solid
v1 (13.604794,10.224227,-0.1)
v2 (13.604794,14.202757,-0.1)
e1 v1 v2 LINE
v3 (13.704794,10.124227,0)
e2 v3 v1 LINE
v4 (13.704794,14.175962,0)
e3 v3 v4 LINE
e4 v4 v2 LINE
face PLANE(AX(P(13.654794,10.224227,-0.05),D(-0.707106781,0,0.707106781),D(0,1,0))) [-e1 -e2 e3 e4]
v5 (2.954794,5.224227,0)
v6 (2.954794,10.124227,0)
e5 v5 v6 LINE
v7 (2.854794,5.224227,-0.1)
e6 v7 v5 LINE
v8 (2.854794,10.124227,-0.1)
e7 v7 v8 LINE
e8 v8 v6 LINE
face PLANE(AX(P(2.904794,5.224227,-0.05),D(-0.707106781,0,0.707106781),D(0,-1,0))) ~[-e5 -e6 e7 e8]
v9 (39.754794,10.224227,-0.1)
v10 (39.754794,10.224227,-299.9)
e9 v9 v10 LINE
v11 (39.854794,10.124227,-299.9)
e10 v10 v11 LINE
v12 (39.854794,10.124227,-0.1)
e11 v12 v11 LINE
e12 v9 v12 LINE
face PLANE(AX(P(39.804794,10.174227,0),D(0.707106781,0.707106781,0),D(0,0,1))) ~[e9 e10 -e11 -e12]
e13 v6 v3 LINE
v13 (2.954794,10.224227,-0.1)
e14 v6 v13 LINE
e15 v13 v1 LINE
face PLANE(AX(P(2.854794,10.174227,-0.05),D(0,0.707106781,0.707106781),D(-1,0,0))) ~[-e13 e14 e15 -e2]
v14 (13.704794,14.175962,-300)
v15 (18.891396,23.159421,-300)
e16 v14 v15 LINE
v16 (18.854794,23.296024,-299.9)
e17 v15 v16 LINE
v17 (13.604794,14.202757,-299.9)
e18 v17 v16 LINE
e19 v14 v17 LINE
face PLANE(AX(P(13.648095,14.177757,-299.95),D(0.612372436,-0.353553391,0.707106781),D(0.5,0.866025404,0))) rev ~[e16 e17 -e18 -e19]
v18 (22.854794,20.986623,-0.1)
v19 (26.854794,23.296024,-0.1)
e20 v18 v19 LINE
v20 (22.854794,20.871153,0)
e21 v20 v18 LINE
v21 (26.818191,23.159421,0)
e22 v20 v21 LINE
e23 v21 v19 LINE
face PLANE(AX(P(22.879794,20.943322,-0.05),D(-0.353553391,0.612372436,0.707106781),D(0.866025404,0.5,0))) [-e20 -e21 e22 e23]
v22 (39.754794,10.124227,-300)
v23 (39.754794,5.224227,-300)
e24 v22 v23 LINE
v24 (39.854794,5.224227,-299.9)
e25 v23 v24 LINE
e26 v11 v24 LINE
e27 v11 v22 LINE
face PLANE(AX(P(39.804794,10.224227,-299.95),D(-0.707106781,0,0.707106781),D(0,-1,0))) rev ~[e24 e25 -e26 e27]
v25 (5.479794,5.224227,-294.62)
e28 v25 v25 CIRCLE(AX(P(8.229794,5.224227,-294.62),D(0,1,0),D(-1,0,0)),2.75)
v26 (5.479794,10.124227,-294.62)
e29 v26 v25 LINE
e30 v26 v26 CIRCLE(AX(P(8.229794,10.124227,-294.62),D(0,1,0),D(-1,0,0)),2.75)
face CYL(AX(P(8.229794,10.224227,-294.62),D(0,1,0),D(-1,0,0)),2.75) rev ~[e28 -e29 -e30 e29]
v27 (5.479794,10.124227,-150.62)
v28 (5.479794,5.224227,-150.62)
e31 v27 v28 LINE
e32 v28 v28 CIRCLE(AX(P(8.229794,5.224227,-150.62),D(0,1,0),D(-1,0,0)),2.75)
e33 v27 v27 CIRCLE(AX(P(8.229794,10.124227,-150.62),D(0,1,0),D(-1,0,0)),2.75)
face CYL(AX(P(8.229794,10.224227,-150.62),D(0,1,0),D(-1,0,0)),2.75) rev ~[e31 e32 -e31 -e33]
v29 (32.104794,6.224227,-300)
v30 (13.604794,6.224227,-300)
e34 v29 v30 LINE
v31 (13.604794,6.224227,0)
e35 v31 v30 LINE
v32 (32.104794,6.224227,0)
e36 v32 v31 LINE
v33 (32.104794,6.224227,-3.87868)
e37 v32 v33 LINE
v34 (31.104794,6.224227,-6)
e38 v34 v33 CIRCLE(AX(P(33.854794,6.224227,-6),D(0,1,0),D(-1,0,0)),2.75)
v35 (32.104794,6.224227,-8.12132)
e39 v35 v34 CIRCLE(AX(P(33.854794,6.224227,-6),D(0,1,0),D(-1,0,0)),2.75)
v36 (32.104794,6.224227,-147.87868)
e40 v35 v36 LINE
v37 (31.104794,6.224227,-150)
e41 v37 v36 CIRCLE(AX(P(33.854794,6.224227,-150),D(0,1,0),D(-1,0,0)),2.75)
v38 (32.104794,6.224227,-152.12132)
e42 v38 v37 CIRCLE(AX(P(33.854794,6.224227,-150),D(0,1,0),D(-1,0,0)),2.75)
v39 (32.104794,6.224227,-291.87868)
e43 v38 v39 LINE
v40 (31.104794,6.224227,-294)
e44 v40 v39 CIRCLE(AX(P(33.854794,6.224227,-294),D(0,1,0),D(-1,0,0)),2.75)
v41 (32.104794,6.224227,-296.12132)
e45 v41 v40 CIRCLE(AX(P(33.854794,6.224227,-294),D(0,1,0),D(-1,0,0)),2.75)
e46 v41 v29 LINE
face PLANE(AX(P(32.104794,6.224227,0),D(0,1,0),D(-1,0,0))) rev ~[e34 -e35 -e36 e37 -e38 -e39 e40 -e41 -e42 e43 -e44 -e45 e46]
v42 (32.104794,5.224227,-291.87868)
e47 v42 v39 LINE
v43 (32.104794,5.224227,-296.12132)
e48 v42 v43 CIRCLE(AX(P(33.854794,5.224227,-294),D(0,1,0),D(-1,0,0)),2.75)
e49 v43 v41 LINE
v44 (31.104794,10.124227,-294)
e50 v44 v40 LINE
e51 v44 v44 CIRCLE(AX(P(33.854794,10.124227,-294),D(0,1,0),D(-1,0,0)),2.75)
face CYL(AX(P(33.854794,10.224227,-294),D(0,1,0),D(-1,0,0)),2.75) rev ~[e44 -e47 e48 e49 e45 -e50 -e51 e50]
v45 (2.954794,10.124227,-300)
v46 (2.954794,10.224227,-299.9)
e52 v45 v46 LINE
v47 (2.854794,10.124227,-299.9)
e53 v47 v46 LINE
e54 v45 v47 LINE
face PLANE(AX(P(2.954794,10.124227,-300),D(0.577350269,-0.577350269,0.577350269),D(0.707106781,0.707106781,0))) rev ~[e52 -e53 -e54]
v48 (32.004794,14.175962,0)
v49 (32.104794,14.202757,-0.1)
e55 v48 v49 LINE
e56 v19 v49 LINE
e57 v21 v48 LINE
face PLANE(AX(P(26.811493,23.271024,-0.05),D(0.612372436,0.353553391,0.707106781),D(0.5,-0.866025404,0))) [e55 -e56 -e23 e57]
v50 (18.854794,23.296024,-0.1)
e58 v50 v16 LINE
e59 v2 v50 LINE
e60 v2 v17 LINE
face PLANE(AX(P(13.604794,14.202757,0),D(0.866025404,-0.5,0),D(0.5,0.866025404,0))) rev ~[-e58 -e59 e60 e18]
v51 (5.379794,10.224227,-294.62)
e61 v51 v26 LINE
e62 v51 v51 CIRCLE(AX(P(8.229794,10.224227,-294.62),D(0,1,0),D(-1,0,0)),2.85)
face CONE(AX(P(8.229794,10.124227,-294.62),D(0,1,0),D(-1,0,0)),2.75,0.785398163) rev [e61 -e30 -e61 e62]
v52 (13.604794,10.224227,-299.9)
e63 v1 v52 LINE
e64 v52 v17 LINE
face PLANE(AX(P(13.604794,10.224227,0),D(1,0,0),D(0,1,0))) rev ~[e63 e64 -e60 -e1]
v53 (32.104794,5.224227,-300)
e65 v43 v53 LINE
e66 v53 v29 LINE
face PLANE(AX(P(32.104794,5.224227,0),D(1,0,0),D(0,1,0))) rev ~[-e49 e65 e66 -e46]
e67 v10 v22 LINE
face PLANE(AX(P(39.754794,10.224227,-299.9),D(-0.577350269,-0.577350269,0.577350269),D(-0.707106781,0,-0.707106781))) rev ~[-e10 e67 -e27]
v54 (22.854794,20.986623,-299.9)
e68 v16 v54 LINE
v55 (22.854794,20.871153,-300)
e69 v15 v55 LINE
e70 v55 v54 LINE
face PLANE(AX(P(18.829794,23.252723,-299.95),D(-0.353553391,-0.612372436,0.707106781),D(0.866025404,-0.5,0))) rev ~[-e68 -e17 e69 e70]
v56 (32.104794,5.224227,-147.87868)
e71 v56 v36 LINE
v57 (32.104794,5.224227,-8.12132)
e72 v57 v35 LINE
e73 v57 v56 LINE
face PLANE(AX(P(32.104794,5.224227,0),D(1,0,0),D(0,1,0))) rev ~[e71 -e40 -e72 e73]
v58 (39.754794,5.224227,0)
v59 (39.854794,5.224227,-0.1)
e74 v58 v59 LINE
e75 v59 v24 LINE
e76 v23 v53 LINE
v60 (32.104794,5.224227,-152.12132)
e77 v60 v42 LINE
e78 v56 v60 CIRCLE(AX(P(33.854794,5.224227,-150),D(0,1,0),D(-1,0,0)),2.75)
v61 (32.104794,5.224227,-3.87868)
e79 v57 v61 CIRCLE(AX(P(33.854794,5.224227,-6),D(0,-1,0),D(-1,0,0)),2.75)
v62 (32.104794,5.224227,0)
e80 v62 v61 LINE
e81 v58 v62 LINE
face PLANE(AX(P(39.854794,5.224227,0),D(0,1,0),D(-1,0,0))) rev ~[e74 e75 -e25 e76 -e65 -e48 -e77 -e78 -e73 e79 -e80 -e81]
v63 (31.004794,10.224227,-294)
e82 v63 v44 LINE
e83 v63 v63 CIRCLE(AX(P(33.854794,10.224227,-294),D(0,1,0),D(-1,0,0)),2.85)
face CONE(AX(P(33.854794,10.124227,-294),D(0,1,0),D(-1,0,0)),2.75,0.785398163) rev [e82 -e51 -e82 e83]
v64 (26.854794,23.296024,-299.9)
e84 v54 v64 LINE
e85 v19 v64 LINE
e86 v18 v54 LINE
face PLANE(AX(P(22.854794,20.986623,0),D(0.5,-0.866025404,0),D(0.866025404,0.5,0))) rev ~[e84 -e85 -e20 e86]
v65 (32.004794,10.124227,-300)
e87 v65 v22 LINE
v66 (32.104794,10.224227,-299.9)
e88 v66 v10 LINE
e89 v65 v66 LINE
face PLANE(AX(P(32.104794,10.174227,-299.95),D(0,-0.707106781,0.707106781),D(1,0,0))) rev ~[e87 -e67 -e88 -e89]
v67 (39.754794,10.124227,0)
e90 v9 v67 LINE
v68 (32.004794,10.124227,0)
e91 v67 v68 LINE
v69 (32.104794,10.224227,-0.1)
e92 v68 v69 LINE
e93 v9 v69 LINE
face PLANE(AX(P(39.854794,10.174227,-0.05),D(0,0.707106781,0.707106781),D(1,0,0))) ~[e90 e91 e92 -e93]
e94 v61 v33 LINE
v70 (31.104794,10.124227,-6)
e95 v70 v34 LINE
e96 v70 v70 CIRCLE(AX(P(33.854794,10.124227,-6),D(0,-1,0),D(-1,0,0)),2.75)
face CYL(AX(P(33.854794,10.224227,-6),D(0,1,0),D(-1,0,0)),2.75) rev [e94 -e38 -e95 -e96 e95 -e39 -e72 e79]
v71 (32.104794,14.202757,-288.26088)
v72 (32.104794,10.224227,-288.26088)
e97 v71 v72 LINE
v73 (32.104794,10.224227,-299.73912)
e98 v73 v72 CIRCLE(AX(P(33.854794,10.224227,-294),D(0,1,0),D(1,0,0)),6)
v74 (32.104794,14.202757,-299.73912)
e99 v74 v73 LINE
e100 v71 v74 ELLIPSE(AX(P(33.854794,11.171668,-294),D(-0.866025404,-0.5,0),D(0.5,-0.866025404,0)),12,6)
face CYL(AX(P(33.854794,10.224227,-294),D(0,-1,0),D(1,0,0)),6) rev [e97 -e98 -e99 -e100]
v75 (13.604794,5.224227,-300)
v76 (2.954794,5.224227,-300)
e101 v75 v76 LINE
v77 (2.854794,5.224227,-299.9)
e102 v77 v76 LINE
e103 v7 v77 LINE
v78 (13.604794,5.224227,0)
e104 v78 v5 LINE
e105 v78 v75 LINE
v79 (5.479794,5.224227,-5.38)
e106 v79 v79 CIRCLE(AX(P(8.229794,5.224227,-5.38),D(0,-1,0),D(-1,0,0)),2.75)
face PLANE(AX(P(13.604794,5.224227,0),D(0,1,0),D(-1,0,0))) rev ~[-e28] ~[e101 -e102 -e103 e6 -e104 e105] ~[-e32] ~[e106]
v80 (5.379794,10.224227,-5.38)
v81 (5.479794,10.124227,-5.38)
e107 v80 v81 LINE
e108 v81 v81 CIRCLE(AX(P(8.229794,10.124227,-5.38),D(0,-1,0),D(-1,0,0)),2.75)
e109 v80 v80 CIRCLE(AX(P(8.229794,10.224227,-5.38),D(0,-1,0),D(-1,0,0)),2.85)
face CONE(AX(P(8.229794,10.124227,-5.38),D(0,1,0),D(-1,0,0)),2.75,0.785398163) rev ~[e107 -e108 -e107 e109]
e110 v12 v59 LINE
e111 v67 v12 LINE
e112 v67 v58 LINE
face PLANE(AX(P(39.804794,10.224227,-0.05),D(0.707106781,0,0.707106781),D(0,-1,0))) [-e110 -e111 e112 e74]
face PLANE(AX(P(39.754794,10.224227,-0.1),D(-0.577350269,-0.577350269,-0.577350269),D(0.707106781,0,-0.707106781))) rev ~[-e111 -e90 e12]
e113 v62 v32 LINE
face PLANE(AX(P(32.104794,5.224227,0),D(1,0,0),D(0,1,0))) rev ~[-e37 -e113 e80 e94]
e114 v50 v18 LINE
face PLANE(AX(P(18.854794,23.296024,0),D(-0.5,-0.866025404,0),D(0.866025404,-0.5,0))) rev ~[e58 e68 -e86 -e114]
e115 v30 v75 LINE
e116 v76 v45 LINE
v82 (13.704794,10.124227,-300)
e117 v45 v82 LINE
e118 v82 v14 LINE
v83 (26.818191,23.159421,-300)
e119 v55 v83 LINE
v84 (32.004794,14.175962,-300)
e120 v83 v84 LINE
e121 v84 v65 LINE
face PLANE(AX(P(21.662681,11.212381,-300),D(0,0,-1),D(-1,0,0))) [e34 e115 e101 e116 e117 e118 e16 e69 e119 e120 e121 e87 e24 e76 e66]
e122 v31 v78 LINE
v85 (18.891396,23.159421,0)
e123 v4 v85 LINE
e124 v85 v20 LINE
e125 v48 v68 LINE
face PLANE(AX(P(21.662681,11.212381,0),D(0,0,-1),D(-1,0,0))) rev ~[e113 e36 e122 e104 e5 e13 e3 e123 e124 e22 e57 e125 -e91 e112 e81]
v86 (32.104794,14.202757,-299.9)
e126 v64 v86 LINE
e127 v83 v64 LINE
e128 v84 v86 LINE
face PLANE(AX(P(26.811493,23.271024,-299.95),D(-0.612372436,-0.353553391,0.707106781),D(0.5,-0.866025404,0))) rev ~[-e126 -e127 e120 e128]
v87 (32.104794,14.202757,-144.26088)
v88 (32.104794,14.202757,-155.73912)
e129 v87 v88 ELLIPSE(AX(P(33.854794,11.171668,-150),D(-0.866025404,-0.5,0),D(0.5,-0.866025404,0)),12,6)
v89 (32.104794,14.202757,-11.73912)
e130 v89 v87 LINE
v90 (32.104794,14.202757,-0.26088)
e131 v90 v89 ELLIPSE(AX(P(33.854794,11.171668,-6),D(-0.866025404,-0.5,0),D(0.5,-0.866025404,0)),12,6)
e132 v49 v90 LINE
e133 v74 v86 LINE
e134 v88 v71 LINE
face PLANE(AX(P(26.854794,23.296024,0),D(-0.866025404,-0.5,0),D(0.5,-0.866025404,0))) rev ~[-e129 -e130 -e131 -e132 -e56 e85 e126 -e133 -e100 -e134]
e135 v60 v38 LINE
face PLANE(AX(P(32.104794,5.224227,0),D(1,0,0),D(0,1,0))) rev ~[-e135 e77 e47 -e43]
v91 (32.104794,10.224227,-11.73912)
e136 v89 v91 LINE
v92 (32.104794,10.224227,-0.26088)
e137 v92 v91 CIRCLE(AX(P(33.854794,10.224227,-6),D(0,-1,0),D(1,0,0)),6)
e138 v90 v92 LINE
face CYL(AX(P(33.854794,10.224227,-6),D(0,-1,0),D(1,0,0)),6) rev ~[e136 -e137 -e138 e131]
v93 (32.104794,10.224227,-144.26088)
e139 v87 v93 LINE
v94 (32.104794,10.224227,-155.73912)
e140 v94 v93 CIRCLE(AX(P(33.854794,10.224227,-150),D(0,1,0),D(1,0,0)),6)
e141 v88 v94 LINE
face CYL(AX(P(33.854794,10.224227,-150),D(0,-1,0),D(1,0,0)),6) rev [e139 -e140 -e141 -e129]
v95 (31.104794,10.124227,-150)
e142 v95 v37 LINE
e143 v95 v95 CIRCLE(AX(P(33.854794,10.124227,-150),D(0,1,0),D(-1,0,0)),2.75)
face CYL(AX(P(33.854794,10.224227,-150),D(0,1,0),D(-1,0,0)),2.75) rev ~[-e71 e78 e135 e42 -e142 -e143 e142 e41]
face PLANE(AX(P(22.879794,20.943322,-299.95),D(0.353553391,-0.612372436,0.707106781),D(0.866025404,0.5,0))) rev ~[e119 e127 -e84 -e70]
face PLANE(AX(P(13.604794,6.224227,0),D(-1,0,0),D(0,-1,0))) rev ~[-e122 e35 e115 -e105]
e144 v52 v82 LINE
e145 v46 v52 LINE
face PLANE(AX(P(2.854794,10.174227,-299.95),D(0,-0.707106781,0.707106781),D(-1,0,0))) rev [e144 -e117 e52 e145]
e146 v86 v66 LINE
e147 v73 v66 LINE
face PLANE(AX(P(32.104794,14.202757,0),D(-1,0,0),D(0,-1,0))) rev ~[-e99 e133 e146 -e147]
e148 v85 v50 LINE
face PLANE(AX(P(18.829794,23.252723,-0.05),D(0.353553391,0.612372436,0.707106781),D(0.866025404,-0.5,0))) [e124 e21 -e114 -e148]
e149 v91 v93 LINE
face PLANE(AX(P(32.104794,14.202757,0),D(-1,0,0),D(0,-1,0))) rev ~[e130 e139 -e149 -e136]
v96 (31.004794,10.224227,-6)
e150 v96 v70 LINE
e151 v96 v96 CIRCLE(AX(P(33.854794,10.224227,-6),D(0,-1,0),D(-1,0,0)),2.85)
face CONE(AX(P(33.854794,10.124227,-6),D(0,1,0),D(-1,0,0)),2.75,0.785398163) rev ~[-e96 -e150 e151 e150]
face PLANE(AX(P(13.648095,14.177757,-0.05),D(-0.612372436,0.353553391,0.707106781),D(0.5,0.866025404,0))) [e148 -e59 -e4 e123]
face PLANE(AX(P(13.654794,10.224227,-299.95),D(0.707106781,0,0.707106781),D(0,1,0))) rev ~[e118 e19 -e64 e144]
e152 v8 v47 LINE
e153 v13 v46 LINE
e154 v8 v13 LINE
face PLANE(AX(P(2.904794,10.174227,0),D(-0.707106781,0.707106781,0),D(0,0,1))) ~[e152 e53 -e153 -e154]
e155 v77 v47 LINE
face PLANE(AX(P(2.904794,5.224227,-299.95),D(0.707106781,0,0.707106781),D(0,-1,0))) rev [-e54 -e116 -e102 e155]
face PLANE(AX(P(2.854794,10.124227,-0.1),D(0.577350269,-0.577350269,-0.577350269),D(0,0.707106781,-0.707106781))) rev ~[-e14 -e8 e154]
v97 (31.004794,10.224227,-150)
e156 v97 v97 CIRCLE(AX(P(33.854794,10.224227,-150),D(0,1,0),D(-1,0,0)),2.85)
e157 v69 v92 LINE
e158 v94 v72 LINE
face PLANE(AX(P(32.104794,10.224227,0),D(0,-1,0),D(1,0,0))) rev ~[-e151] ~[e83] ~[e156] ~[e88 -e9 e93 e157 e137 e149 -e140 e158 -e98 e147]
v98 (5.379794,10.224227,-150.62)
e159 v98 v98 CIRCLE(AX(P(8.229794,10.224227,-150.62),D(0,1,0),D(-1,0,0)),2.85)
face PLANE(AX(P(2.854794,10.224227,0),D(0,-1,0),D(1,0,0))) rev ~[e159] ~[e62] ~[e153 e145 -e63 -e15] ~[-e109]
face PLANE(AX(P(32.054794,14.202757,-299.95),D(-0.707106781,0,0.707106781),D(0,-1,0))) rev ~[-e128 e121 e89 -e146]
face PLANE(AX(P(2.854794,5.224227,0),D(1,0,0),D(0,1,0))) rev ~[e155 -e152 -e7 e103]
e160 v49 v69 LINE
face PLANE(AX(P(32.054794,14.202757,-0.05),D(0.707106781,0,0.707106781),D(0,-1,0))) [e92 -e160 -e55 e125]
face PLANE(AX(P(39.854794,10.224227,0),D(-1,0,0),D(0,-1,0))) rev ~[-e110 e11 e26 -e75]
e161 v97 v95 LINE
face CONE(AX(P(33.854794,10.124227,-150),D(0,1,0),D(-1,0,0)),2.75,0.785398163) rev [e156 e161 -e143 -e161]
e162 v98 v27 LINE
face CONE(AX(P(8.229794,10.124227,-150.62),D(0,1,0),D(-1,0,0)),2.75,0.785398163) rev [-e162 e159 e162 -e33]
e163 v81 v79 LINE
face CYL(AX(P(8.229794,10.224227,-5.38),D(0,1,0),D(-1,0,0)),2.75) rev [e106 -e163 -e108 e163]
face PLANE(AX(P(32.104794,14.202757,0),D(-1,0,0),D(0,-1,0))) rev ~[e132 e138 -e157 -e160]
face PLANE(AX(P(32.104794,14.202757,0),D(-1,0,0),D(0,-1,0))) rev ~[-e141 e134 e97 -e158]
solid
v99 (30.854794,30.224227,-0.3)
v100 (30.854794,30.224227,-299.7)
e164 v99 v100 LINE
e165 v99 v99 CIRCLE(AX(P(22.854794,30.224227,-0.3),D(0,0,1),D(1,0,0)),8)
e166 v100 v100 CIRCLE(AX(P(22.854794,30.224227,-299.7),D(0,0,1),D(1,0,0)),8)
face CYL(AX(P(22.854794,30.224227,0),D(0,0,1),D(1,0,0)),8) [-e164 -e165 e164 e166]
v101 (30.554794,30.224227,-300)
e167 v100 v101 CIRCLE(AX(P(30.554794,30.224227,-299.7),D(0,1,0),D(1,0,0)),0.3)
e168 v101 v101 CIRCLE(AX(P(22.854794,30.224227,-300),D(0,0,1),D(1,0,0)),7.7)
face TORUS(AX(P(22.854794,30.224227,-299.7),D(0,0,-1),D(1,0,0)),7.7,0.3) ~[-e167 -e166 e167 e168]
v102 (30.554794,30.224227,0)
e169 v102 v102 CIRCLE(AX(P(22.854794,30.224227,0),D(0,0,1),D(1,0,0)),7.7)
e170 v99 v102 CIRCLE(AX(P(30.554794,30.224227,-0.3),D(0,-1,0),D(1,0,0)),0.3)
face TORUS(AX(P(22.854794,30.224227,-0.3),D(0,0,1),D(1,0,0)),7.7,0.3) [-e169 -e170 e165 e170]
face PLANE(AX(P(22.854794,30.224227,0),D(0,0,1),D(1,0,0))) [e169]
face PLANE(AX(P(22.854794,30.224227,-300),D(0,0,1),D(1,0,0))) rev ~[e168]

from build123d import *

# Parameters (mm, degrees)
SKETCH1_R           = 8
BOSS_EXTRUDE1_DEPTH = 300
BOSS_EXTRUDE3_DEPTH = 300
FILLET1_R           = 0.3
SKETCH2_R           = 6
CUT_EXTRUDE1_DEPTH  = 12
SKETCH5_R           = 2.75
CUT_EXTRUDE2_DEPTH  = 5
SKETCH9_R           = 2.75
CUT_EXTRUDE3_DEPTH  = 5
LPATTERN1_COUNT     = 2
LPATTERN1_PITCH     = 144
LPATTERN2_COUNT     = 2
LPATTERN2_PITCH     = 144
CHAMFER1_SIZE       = 0.1


with BuildPart() as part:
    # Sketch1 → Boss-Extrude1 (new body)
    with BuildSketch(Plane.XY):
        with Locations((22.854793834, 30.224227114)):
            Circle(SKETCH1_R)
    extrude(amount=-BOSS_EXTRUDE1_DEPTH)

    # Fillet1
    fillet1_edges = [part.edges().sort_by_distance(p)[0] for p in [
        (14.854793834, 30.224227114, -300),
        (14.854793834, 30.224227114, 0),
    ]]
    fillet(fillet1_edges, radius=FILLET1_R)


with BuildPart() as body_2:
    # Sketch1<5> → Boss-Extrude3 (new body)
    with BuildSketch(Plane.XY):
        Polygon((2.854793834, 5.224227114), (2.854793834, 10.224227114), (13.604793834, 10.224227114), (13.604793834, 14.202757144), (18.854793834, 23.296023883), (22.854793834, 20.986622807), (26.854793834, 23.296023883), (32.104793834, 14.202757144), (32.104793834, 10.224227114), (39.854793834, 10.224227114), (39.854793834, 5.224227114), (32.104793834, 5.224227114), (32.104793834, 6.224227114), (13.604793834, 6.224227114), (13.604793834, 5.224227114), align=None)
    extrude(amount=-BOSS_EXTRUDE3_DEPTH)

    # Sketch2 → Cut-Extrude1 (cut)
    with BuildSketch(Plane(origin=(0, 10.224227114, 0), x_dir=(1, 0, 0), z_dir=(0, 1, 0))):
        with Locations((33.854793834, 294)):
            Circle(SKETCH2_R)
    cut_extrude1 = extrude(amount=CUT_EXTRUDE1_DEPTH, mode=Mode.SUBTRACT)

    # Sketch5 → Cut-Extrude2 (cut)
    with BuildSketch(Plane(origin=(0, 10.224227114, 0), x_dir=(1, 0, 0), z_dir=(0, 1, 0))):
        with Locations((33.854793834, 294)):
            Circle(SKETCH5_R)
    cut_extrude2 = extrude(amount=-CUT_EXTRUDE2_DEPTH, mode=Mode.SUBTRACT)

    # Mirror3: Cut-Extrude1, Cut-Extrude2 across plane
    add(cut_extrude1.mirror(Plane.XY.offset(-150)), mode=Mode.SUBTRACT)
    add(cut_extrude2.mirror(Plane.XY.offset(-150)), mode=Mode.SUBTRACT)

    # Sketch9 → Cut-Extrude3 (cut)
    with BuildSketch(Plane(origin=(0, 10.224227114, 0), x_dir=(1, 0, 0), z_dir=(0, 1, 0))):
        with Locations((8.229793834, 294.62)):
            Circle(SKETCH9_R)
    cut_extrude3 = extrude(amount=-CUT_EXTRUDE3_DEPTH, mode=Mode.SUBTRACT)

    # Mirror5: Cut-Extrude3 across plane
    add(cut_extrude3.mirror(Plane.XY.offset(-150)), mode=Mode.SUBTRACT)

    # LPattern1: Cut-Extrude1, Cut-Extrude2 ×2
    with Locations(*[(0, 0, i * LPATTERN1_PITCH) for i in range(1, LPATTERN1_COUNT)]):
        add(cut_extrude1, mode=Mode.SUBTRACT)
        add(cut_extrude2, mode=Mode.SUBTRACT)

    # LPattern2: Cut-Extrude3 ×2
    with Locations(*[(0, 0, i * LPATTERN2_PITCH) for i in range(1, LPATTERN2_COUNT)]):
        add(cut_extrude3, mode=Mode.SUBTRACT)

    # Chamfer1
    chamfer1_edges = [body_2.edges().sort_by_distance(p)[0] for p in [
        (2.854793834, 7.724227114, -300),
        (39.854793834, 7.724227114, -300),
        (35.979793834, 10.224227114, -300),
        (32.104793834, 12.213492129, -300),
        (29.479793834, 18.749390513, -300),
        (24.854793834, 22.141323345, -300),
        (20.854793834, 22.141323345, -300),
        (16.229793834, 18.749390513, -300),
        (13.604793834, 12.213492129, -300),
        (8.229793834, 10.224227114, -300),
        (2.854793834, 7.724227114, 0),
        (39.854793834, 7.724227114, 0),
        (39.854793834, 10.224227114, -150),
        (35.979793834, 10.224227114, 0),
        (32.104793834, 12.213492129, 0),
        (29.479793834, 18.749390513, 0),
        (24.854793834, 22.141323345, 0),
        (20.854793834, 22.141323345, 0),
        (16.229793834, 18.749390513, 0),
        (13.604793834, 12.213492129, 0),
        (8.229793834, 10.224227114, 0),
        (2.854793834, 10.224227114, -150),
        (31.104793834, 10.224227114, -6),
        (5.479793834, 10.224227114, -5.38),
        (31.104793834, 10.224227114, -150),
        (5.479793834, 10.224227114, -150.62),
        (31.104793834, 10.224227114, -294),
        (5.479793834, 10.224227114, -294.62),
    ]]
    chamfer(chamfer1_edges, length=CHAMFER1_SIZE)


solid = Compound([part.part, body_2.part])
